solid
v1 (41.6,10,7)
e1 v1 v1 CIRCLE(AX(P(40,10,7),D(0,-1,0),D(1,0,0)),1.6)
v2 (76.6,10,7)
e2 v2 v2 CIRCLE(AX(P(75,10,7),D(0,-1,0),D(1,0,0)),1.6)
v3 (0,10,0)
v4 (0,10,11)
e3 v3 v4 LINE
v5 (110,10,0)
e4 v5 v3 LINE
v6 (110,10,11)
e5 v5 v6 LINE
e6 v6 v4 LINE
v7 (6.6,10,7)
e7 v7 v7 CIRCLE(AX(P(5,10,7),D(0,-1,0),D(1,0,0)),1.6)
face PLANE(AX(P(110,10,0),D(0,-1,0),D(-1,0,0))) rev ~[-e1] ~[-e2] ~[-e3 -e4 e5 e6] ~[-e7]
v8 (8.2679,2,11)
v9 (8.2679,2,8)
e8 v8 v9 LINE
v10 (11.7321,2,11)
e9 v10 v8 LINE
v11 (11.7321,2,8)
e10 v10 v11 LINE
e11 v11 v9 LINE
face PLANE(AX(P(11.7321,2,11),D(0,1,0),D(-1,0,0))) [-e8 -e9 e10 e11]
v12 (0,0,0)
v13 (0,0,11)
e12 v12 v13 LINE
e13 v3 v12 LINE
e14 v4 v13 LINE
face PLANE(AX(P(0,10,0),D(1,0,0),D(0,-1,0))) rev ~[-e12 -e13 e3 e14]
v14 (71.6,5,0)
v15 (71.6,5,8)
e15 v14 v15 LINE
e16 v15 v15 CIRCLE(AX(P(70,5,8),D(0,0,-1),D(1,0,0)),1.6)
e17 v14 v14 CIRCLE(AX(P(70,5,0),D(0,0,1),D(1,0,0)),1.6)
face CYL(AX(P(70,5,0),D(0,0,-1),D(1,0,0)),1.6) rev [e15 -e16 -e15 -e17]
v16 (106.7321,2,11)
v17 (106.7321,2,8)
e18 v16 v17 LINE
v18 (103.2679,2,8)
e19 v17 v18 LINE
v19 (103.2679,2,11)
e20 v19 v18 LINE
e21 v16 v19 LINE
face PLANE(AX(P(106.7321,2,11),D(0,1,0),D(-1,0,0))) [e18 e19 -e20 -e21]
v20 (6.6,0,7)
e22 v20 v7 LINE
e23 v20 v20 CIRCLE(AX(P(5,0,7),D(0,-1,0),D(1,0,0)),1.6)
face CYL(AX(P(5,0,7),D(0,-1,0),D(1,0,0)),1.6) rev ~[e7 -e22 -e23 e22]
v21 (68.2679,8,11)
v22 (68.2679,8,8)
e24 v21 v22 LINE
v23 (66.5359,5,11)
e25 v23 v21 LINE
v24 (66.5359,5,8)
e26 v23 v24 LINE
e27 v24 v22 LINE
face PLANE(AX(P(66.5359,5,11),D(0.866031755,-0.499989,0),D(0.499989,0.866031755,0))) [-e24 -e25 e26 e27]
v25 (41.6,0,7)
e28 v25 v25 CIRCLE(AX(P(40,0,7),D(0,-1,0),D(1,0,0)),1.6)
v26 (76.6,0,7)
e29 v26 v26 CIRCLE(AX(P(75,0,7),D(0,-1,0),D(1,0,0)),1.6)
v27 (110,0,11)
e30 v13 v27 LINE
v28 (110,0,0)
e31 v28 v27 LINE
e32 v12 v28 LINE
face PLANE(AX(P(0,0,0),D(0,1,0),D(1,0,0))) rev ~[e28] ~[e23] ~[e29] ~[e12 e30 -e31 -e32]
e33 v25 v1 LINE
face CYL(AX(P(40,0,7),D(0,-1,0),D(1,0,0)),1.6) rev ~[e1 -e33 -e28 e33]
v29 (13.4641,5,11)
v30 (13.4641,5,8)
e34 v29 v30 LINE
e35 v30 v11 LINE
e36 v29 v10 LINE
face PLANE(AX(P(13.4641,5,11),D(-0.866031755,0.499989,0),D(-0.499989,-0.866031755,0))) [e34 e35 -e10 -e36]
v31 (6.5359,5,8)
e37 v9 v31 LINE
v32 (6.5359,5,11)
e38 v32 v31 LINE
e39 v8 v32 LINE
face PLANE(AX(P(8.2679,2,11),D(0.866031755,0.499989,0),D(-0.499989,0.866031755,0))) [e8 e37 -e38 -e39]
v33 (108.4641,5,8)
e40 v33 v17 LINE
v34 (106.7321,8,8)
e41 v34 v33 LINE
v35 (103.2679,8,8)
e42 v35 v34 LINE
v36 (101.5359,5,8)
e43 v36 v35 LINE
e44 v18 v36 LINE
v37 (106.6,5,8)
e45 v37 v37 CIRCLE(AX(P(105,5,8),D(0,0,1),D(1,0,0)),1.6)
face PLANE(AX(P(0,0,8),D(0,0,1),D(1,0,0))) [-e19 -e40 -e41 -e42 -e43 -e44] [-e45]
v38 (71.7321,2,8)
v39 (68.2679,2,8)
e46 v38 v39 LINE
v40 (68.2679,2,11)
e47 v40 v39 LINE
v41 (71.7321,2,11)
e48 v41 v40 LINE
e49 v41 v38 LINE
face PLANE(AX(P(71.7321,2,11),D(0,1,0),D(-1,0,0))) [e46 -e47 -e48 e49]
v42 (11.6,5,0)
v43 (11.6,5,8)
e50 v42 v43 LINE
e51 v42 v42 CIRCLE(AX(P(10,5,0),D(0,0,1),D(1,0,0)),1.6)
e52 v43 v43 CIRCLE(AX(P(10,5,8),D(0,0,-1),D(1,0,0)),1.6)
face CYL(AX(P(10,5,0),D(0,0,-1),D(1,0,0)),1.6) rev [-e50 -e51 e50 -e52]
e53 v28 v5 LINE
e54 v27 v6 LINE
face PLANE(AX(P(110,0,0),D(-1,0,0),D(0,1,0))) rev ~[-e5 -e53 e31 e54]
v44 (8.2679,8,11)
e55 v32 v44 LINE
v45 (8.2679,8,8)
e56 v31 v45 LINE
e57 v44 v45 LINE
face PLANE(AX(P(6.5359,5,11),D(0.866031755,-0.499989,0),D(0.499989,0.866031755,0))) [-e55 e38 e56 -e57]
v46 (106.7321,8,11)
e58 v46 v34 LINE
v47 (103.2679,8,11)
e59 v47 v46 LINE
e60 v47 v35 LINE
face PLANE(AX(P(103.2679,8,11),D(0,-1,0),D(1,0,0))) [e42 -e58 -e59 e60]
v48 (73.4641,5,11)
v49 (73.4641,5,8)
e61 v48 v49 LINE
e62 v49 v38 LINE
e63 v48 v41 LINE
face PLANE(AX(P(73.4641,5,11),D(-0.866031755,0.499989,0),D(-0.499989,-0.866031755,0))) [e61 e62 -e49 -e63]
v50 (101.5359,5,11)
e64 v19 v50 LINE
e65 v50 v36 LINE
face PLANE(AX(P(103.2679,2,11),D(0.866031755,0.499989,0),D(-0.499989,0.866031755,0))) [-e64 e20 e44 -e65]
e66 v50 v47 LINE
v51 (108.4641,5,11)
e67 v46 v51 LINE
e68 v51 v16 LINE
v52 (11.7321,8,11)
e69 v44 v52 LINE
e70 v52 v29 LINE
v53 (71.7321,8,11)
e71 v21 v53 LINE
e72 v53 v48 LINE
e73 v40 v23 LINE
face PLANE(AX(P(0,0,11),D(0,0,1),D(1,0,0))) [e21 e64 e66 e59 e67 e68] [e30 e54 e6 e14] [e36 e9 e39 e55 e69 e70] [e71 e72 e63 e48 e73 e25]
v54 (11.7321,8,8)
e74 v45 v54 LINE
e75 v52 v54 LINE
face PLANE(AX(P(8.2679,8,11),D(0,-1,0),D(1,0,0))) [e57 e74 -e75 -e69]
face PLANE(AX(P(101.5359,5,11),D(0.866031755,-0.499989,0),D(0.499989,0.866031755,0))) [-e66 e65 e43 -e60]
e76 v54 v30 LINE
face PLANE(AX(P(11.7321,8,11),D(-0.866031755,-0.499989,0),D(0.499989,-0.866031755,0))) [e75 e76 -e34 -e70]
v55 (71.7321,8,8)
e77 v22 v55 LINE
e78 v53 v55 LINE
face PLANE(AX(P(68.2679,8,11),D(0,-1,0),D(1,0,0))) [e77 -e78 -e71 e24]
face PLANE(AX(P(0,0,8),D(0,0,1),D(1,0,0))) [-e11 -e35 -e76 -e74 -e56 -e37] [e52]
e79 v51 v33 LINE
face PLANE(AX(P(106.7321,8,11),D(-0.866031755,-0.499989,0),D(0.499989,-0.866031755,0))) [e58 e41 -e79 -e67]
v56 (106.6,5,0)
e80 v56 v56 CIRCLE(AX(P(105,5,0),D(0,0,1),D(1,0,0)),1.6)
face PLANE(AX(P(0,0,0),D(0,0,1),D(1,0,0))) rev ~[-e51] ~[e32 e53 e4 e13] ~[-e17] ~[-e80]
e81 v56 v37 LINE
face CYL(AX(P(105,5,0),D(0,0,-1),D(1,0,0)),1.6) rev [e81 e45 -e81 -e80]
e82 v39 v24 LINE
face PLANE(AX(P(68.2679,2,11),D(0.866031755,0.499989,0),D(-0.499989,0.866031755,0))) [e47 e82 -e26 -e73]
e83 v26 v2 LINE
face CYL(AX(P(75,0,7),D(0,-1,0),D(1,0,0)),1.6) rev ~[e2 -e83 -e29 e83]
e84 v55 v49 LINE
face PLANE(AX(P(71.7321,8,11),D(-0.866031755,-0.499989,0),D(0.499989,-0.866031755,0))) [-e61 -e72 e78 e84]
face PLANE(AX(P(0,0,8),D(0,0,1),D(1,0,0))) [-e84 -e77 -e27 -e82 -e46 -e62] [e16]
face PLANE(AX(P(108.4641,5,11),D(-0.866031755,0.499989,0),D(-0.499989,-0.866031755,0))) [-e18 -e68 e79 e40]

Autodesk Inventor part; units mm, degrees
ref_plane "YZ Plane" through (0, 0, 0) normal (1, 0, 0) x (0, 1, 0)
ref_plane "XZ Plane" through (0, 0, 0) normal (0, 1, 0) x (-1, 0, 0)
ref_plane "XY Plane" through (0, 0, 0) normal (0, 0, 1) x (1, 0, 0)
sketch "Sketch1" plane through (0, 0, 0) normal (0, 0, 1) x (1, 0, 0)
  line L0 (0, 0) -> (110, 0)
  line L1 (110, 0) -> (110, 10)
  line L2 (110, 10) -> (0, 10)
  line L3 (0, 10) -> (0, 0)
  circle A0 centre (10, 5) radius 1.6
  circle A1 centre (70, 5) radius 1.6
  circle A2 centre (105, 5) radius 1.6
  dimension "d0" = 110
  dimension "d1" = 10
  dimension "d2" = 90
  dimension "d3" = 110
  dimension "d4" = 3.2
  dimension "d6" = 3.2
  dimension "d7" = 3.2
  dimension "d8" = 60
  dimension "d9" = 35
extrude "Extrusion1" add sketch "Sketch1" along normal blind 11
sketch "Sketch2" plane through (0, 0, 0) normal (0, -1, 0) x (1, 0, 0)
  line L0 (0, 0) -> (0, 11) projected
  line L1 (110, 0) -> (110, 11) projected
  line L2 (0, 0) -> (110, 0) projected
  circle A0 centre (5, 7) radius 1.6
  circle A1 centre (75, 7) radius 1.6
  circle A2 centre (40, 7) radius 1.6
  dimension "d13" = 3.2
  dimension "d14" = 5
  dimension "d15" = 3.2
  dimension "d16" = 70
  dimension "d17" = 3.2
  dimension "d18" = 35
extrude "Extrusion2" cut sketch "Sketch2" against normal blind 10
sketch "Sketch3" plane through (0, 0, 11) normal (0, 0, 1) x (1, 0, 0)
  point P0 (0, 0)
sketch "Sketch4" plane through (0, 0, 11) normal (0, 0, 1) x (1, 0, 0)
  line L0 (13.4641, 5) -> (11.7321, 2)
  line L1 (11.7321, 2) -> (8.2679, 2)
  line L2 (8.2679, 2) -> (6.5359, 5)
  line L3 (6.5359, 5) -> (8.2679, 8)
  line L4 (8.2679, 8) -> (11.7321, 8)
  line L5 (11.7321, 8) -> (13.4641, 5)
  line L6 (73.4641, 5) -> (71.7321, 2)
  line L7 (71.7321, 2) -> (68.2679, 2)
  line L8 (68.2679, 2) -> (66.5359, 5)
  line L9 (66.5359, 5) -> (68.2679, 8)
  line L10 (68.2679, 8) -> (71.7321, 8)
  line L11 (71.7321, 8) -> (73.4641, 5)
  circle A0 centre (105, 5) radius 1.6 projected
  line L12 (108.4641, 5) -> (106.7321, 2)
  line L13 (106.7321, 2) -> (103.2679, 2)
  line L14 (103.2679, 2) -> (101.5359, 5)
  line L15 (101.5359, 5) -> (103.2679, 8)
  line L16 (103.2679, 8) -> (106.7321, 8)
  line L17 (106.7321, 8) -> (108.4641, 5)
  point P0 (0, 0)
  point P1 (10, 5)
  point P2 (70, 5)
  dimension "d21" = 6
  dimension "d22" = 6
  dimension "d23" = 6
extrude "Extrusion3" cut sketch "Sketch4" against normal blind 3
properties part number "support"
